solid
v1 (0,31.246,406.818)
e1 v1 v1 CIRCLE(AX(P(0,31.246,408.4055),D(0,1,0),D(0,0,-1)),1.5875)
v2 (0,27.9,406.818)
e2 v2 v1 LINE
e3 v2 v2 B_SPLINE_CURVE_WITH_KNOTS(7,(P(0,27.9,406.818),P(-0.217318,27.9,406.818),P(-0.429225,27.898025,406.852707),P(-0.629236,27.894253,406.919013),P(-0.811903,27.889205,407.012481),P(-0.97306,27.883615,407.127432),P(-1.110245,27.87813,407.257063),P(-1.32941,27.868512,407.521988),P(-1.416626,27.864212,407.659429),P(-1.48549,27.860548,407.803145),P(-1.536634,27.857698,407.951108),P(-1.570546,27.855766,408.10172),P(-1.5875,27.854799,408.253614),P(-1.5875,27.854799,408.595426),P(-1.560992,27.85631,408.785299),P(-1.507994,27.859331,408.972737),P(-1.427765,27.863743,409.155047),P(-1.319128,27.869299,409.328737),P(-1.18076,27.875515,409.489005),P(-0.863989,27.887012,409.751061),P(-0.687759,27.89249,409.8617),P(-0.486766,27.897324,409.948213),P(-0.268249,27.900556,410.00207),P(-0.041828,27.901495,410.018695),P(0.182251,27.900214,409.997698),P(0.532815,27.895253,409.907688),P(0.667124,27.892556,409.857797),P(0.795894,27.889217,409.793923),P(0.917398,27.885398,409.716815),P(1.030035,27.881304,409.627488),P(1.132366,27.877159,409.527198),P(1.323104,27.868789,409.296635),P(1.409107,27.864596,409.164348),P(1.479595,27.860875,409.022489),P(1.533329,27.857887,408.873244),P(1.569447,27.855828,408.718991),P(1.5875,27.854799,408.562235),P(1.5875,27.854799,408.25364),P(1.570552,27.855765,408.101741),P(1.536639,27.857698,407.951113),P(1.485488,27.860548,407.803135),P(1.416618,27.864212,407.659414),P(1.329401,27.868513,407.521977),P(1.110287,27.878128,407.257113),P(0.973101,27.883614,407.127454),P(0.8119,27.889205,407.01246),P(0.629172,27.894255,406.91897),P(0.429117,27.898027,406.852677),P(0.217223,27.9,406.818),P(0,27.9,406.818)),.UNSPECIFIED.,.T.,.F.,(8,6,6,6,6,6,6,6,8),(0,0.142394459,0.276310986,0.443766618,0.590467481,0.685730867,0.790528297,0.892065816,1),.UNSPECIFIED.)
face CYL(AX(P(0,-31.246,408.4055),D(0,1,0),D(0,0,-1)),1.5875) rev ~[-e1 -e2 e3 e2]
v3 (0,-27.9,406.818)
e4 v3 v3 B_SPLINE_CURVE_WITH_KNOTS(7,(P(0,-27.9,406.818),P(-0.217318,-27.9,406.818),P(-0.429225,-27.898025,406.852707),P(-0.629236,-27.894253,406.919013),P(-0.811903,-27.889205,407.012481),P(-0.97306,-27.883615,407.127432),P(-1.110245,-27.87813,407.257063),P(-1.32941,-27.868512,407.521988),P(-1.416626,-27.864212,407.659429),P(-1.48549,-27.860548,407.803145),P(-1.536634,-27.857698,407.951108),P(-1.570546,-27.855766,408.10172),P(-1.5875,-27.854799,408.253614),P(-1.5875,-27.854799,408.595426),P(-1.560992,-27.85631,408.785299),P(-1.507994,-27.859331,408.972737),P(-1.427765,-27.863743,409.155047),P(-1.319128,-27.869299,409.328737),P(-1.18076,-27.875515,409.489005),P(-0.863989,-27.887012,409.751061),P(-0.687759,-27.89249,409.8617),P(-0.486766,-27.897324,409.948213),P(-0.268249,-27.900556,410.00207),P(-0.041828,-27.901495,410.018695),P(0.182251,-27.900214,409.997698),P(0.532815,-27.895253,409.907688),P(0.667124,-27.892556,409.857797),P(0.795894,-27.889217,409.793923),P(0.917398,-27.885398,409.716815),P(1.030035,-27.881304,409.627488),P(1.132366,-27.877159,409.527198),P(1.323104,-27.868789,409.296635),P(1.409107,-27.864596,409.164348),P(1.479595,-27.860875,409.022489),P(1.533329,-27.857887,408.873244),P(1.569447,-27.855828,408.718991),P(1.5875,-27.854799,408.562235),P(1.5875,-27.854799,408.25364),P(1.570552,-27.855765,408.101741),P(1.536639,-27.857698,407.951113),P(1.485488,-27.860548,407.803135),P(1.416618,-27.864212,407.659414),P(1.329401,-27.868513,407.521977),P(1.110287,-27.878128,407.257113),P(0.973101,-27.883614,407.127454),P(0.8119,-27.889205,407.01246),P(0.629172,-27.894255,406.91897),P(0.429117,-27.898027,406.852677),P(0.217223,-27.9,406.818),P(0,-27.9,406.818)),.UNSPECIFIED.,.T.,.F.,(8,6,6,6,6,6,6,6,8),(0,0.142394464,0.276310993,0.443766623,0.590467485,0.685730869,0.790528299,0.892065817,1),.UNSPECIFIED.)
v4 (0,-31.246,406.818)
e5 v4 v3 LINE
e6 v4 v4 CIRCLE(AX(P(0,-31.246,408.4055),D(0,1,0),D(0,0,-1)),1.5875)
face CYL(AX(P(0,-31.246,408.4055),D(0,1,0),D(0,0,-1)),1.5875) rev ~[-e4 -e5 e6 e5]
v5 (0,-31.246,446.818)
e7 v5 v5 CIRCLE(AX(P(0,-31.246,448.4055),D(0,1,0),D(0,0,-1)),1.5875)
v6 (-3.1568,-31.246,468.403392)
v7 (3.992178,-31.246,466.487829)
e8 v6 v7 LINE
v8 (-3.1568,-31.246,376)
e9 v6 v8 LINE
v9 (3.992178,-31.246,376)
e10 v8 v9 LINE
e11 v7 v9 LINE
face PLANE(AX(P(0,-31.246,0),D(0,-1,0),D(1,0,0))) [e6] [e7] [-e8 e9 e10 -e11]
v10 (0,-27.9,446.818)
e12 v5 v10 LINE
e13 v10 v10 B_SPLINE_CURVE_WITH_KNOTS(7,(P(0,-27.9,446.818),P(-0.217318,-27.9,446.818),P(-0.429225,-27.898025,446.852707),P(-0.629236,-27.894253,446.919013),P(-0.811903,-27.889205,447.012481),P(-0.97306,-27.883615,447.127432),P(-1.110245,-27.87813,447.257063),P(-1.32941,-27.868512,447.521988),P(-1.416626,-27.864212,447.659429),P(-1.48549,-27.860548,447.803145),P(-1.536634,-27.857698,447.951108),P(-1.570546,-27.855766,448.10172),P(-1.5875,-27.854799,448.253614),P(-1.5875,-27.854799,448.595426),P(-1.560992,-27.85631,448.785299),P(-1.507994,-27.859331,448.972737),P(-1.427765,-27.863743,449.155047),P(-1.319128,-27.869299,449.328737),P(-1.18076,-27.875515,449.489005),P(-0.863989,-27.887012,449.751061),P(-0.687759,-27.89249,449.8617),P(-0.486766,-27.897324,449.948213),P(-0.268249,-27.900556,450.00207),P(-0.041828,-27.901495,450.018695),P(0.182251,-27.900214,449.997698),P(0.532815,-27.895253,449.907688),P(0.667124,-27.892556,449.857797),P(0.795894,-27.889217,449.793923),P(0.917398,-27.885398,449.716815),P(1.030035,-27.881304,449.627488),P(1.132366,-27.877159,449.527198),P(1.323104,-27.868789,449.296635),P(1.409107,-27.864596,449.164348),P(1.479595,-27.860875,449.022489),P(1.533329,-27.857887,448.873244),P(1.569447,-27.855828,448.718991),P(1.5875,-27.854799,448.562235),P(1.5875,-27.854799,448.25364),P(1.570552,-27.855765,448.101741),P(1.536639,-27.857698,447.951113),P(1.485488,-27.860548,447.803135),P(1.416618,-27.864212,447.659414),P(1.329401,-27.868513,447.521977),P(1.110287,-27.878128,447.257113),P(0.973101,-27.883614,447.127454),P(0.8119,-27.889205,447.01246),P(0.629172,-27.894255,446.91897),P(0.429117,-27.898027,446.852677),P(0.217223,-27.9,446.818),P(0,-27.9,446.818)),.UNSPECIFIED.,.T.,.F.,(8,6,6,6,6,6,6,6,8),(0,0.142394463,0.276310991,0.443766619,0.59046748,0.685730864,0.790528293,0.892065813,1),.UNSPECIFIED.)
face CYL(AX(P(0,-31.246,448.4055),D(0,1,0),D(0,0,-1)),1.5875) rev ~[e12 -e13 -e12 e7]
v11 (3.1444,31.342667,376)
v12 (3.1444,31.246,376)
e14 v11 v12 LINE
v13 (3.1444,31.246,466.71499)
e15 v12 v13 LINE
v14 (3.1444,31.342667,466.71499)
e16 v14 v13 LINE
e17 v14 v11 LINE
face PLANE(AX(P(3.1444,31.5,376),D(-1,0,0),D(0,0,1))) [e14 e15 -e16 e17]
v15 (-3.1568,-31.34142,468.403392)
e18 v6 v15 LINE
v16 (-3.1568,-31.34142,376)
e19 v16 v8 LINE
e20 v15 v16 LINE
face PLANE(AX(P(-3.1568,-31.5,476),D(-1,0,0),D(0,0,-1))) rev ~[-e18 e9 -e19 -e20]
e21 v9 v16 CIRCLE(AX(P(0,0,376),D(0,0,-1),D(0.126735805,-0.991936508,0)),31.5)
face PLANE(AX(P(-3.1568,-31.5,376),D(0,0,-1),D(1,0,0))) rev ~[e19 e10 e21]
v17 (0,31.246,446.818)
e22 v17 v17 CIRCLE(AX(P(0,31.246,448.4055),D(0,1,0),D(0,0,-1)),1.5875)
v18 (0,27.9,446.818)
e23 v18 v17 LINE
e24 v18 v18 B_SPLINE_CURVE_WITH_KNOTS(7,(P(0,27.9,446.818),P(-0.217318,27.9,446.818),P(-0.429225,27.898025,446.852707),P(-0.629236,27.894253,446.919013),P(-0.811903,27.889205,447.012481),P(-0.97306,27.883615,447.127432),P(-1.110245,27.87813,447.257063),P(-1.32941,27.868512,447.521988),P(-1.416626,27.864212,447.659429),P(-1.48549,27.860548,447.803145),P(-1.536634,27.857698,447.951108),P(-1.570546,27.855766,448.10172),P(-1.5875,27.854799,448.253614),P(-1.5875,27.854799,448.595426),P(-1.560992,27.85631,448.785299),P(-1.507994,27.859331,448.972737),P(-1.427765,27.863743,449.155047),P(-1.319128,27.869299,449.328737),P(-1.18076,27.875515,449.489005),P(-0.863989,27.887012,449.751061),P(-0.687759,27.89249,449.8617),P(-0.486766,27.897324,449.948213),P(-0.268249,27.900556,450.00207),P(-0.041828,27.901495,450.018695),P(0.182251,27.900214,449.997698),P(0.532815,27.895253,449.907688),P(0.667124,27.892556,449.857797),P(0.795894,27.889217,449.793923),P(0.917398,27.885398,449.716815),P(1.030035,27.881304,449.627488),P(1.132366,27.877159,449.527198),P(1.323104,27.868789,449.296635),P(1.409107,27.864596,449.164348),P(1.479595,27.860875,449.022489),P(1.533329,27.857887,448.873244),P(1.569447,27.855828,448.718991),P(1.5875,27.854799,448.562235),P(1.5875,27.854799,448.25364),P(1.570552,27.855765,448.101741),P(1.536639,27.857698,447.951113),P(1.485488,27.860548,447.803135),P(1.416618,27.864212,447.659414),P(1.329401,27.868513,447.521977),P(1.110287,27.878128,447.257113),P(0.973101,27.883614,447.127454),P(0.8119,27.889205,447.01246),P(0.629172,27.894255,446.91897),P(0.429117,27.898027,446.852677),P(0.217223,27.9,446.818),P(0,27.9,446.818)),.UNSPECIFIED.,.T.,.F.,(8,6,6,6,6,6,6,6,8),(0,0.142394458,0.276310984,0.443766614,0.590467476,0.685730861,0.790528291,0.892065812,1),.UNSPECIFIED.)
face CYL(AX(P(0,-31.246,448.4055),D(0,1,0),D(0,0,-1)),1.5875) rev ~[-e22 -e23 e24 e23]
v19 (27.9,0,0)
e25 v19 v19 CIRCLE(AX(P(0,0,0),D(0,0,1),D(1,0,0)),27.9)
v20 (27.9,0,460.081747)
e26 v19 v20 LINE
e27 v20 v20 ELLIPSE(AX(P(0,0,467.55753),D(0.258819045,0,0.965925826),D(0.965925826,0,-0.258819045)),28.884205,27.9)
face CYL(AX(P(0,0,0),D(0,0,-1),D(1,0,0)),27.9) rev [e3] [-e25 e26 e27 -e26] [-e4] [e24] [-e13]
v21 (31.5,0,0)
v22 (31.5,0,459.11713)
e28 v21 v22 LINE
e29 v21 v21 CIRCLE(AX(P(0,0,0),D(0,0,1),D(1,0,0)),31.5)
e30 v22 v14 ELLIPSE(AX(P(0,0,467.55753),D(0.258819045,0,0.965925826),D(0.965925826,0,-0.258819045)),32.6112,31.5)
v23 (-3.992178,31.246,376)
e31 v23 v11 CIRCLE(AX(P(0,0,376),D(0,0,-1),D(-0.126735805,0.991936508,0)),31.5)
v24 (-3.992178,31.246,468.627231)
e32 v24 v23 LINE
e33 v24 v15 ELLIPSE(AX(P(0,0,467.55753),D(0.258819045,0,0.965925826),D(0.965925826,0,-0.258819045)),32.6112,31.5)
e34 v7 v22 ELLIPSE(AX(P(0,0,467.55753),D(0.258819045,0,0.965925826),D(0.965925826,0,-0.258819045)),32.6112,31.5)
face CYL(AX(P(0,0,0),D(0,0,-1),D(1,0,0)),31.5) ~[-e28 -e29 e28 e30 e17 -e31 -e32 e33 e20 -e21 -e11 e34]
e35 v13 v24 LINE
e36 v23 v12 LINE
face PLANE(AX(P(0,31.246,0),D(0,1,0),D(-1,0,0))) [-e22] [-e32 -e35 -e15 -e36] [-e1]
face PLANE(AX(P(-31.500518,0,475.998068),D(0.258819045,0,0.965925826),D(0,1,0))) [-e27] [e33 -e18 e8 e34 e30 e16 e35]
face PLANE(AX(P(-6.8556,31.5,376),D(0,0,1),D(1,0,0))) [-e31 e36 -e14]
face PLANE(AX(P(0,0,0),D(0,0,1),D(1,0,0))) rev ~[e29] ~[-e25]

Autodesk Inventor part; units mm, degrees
sketch "Sketch1" plane through (0, 0, 0) normal (0, 0, 1) x (1, 0, 0)
  circle A0 centre (0, 0) radius 31.5
  circle A1 centre (0, 0) radius 27.9
  dimension "d0" = 63
  dimension "d2" = 3.6
extrude "Extrusion1" add sketch "Sketch1" along normal blind 476
sketch "Sketch18" plane through (0, 0, 476) normal (0, 0, 1) x (1, 0, 0)
  circle A0 centre (0, 0) radius 27.9 projected
  circle A1 centre (0, 0) radius 31.5 projected
  point P0 (-31.5, 0)
ref_plane "Work Plane9" through (-31.5, 0, 476) normal (0.2588, 0, 0.9659) x (0, 1, 0)
sketch "Sketch19" plane through (-31.5, 0, 476) normal (0.2588, 0, 0.9659) x (0, 1, 0)
  line L0 (-31.6137, -94.9476) -> (64.4261, -94.9476)
  line L1 (64.4261, -94.9476) -> (64.4261, 6.6524)
  line L2 (64.4261, 6.6524) -> (-31.6137, 6.6524)
  line L3 (-31.6137, 6.6524) -> (-31.6137, -94.9476)
  point P0 (0, -153.6245)
  dimension "d61" = 101.6
extrude "Extrusion11" cut sketch "Sketch19" along normal blind 25.4
sketch "Sketch20" plane through (0, 0, 0) normal (0, 0, -1) x (-1, 0, 0)
  circle A0 centre (0, 0) radius 27.9 projected
  circle A1 centre (0, 0) radius 31.5 projected
  point P0 (0, 31.5)
  point P1 (0, -31.5)
ref_plane "Work Plane10" through (0, 31.5, 0) normal (0, 1, 0) x (-1, 0, 0)
ref_plane "Work Plane11" through (0, -31.5, 0) normal (0, -1, 0) x (1, 0, 0)
sketch "Sketch21" plane through (0, 31.5, 0) normal (0, 1, 0) x (-1, 0, 0)
  line L0 (-3.1444, 476) -> (6.8556, 476)
  line L1 (6.8556, 476) -> (6.8556, 376)
  line L2 (6.8556, 376) -> (-3.1444, 376)
  line L3 (-3.1444, 376) -> (-3.1444, 476)
  line L4 (1.8556, 476) -> (1.8556, 376) construction
  point P0 (0, 0)
  dimension "d64" = 10
  dimension "d65" = 100
  dimension "d82" = 376
extrude "flat1" cut sketch "Sketch21" against normal blind 0.254
sketch "Sketch22" plane through (0, -31.5, 0) normal (0, -1, 0) x (1, 0, 0)
  line L0 (-3.1568, 376) -> (6.8432, 376)
  line L1 (6.8432, 376) -> (6.8432, 476)
  line L2 (6.8432, 476) -> (-3.1568, 476)
  line L3 (-3.1568, 476) -> (-3.1568, 376)
  line L4 (1.8432, 476) -> (1.8432, 376) construction
  point P0 (0, 0)
  dimension "d68" = 10
  dimension "d69" = 100
  dimension "d83" = 376
extrude "flat2" cut sketch "Sketch22" against normal blind 0.254
sketch "Sketch23" plane through (0, -31.246, 0) normal (0, -1, 0) x (1, 0, 0)
  circle A0 centre (0, 448.4055) radius 1.4603
  circle A1 centre (0, 408.4055) radius 1.4603
  point P0 (-3.1568, 468.4055)
  point P1 (0, 0)
  dimension "d73" = 40
  dimension "d74" = 20
hole "Hole1" at (0, -31.246, 448.4055) at (0, -31.246, 408.4055) direction (0, 1, 0) diameter 3.175 end through all
properties part number "2r2scs" material "PVC-Piping"
